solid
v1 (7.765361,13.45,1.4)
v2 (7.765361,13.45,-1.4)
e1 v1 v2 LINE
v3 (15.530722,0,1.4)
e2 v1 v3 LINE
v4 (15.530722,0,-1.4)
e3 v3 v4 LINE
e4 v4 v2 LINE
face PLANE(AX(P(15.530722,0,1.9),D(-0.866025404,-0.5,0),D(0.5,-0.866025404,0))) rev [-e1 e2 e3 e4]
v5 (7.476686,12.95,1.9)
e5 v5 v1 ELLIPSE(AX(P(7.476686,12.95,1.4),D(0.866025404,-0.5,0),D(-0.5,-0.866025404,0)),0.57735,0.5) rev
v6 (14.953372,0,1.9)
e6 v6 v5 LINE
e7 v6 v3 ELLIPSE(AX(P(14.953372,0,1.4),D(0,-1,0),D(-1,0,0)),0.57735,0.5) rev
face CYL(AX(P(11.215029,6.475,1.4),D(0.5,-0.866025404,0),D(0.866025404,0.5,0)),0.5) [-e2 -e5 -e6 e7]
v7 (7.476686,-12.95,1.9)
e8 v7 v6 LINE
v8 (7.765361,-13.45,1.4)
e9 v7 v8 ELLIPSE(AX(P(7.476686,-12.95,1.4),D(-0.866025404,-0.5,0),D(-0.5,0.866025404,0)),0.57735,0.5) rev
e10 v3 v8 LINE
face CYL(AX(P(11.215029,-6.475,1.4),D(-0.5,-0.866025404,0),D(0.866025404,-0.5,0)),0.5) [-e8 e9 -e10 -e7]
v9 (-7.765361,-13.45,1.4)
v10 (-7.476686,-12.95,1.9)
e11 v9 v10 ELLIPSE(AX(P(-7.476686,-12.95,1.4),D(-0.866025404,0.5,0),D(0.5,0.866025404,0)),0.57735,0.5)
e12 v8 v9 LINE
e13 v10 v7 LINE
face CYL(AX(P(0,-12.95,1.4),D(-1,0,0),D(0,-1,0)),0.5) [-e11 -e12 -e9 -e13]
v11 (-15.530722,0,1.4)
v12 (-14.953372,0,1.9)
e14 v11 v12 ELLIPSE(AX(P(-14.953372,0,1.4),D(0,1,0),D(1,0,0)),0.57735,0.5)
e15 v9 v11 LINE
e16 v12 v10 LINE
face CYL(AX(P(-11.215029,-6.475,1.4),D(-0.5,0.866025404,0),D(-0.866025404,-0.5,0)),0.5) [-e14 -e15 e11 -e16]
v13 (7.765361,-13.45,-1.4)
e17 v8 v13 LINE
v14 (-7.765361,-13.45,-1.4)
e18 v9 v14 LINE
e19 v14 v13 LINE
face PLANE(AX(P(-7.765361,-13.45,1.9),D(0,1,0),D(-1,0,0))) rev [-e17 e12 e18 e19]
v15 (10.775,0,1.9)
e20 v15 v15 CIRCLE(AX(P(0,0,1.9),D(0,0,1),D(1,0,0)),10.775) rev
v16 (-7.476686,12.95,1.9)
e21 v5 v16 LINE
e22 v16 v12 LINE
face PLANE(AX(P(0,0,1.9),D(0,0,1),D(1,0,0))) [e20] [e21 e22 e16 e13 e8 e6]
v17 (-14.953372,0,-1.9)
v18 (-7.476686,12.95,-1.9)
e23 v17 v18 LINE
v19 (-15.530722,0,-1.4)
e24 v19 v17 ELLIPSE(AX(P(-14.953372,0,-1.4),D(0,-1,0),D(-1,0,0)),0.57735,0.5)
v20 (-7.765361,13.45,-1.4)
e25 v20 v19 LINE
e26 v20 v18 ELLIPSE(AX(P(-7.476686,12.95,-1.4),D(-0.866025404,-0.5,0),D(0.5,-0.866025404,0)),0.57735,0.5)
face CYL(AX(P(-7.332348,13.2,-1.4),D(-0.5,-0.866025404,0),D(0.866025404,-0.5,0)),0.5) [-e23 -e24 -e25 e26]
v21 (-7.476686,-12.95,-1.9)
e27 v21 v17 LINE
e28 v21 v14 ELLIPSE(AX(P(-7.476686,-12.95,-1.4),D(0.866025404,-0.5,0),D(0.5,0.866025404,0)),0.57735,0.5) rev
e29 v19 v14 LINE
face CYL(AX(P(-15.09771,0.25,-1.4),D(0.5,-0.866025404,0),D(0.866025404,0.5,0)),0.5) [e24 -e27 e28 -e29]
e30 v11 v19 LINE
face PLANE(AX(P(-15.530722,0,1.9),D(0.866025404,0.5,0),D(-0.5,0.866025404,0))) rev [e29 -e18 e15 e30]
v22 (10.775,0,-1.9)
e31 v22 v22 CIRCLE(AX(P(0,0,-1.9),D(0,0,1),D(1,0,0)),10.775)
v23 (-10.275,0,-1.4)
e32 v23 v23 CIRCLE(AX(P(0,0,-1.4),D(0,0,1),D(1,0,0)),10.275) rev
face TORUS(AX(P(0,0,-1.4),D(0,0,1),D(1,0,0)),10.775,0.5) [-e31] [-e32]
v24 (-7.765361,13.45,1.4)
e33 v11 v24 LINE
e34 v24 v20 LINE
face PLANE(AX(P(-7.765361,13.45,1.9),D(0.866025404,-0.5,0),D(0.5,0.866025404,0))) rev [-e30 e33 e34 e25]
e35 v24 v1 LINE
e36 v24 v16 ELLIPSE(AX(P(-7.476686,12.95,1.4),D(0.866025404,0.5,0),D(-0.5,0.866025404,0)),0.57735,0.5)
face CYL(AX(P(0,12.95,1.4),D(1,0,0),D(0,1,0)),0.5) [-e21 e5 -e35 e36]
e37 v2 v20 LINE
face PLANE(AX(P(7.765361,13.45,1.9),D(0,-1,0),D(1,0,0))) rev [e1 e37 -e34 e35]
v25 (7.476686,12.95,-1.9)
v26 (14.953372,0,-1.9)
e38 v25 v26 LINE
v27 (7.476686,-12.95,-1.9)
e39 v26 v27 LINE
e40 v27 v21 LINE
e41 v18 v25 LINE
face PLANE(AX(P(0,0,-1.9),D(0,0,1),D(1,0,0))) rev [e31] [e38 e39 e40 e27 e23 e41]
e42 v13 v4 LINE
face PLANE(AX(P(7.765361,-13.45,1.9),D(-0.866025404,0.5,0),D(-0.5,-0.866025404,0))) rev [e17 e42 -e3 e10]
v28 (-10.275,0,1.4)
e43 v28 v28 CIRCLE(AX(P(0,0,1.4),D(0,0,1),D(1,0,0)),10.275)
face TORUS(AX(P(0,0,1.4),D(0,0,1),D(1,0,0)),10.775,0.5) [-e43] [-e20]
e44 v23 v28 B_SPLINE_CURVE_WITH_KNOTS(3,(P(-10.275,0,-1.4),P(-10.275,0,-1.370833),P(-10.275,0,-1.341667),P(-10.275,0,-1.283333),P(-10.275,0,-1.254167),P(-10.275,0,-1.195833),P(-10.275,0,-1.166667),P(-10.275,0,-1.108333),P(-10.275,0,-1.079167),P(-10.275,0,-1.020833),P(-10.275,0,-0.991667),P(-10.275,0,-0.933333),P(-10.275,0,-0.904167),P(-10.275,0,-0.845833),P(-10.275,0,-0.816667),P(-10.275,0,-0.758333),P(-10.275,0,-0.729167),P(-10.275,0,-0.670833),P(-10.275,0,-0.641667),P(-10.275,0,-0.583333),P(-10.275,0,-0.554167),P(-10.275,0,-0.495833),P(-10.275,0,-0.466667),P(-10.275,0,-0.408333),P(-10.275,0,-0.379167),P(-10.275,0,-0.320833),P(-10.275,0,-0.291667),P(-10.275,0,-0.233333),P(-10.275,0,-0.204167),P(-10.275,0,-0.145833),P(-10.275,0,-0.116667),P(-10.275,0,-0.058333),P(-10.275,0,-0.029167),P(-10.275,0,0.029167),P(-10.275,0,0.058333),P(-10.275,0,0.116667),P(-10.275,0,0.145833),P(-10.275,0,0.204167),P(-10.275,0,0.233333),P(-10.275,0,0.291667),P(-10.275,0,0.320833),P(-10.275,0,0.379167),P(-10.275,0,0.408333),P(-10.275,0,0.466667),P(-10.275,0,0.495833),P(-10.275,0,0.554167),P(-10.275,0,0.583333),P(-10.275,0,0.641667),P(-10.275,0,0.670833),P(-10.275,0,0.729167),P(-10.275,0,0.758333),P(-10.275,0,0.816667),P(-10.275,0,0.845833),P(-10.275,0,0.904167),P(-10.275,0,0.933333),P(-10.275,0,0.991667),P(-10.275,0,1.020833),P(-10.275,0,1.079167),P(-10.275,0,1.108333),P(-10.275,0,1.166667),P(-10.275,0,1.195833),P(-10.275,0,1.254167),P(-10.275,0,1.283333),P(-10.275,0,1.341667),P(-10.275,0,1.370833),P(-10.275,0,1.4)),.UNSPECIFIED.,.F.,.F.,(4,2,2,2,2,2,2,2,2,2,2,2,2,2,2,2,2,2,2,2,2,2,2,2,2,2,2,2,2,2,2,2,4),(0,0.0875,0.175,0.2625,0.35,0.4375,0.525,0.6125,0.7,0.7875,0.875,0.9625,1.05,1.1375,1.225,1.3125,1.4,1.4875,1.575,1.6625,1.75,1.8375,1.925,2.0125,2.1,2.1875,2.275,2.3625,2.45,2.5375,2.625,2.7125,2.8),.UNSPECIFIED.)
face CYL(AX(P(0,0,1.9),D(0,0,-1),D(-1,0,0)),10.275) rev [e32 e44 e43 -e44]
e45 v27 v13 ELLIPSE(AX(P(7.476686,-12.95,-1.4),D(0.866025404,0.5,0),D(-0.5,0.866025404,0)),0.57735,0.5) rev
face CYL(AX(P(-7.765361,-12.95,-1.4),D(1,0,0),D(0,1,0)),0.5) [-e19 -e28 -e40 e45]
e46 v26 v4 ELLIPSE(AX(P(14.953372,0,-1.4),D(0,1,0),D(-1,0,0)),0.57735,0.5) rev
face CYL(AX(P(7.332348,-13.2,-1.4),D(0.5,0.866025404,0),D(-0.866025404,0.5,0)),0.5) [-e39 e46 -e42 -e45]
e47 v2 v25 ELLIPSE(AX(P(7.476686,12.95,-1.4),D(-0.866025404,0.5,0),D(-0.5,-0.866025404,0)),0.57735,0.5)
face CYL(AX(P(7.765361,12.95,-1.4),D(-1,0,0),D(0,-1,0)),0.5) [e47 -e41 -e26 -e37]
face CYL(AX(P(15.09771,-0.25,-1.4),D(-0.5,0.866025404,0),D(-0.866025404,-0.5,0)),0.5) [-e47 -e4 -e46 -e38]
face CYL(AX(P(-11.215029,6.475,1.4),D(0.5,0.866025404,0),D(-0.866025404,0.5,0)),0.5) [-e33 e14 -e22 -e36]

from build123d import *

# Parameters (mm, degrees)
SCHIZZO1_R                   = 10.275
ESTRUSIONE_ESTRUSIONE1_DEPTH = 1.9
RACCORDO1_R                  = 0.5


with BuildPart() as part:
    # Schizzo1 → Estrusione-Estrusione1 (new, symmetric)
    with BuildSketch(Plane.XY):
        Polygon((-15.530722241, 0), (-7.765361121, -13.45), (7.765361121, -13.45), (15.530722241, 0), (7.765361121, 13.45), (-7.765361121, 13.45), align=None)
        with Locations(Location((0, 0, 0), (0, 0, 180))):
            Circle(SCHIZZO1_R, mode=Mode.SUBTRACT)
    extrude(amount=ESTRUSIONE_ESTRUSIONE1_DEPTH, both=True)

    # Raccordo1
    raccordo1_edges = [part.edges().sort_by_distance(p)[0] for p in [
        (0, -13.45, 1.9),
        (11.648041681, -6.725, 1.9),
        (11.648041681, 6.725, 1.9),
        (10.275, 0, -1.9),
        (10.275, 0, 1.9),
        (0, 13.45, 1.9),
        (-11.648041681, 6.725, 1.9),
        (0, 13.45, -1.9),
        (11.648041681, 6.725, -1.9),
        (11.648041681, -6.725, -1.9),
        (-11.648041681, -6.725, 1.9),
        (0, -13.45, -1.9),
        (-11.648041681, -6.725, -1.9),
        (-11.648041681, 6.725, -1.9),
    ]]
    fillet(raccordo1_edges, radius=RACCORDO1_R)


solid = part.part
